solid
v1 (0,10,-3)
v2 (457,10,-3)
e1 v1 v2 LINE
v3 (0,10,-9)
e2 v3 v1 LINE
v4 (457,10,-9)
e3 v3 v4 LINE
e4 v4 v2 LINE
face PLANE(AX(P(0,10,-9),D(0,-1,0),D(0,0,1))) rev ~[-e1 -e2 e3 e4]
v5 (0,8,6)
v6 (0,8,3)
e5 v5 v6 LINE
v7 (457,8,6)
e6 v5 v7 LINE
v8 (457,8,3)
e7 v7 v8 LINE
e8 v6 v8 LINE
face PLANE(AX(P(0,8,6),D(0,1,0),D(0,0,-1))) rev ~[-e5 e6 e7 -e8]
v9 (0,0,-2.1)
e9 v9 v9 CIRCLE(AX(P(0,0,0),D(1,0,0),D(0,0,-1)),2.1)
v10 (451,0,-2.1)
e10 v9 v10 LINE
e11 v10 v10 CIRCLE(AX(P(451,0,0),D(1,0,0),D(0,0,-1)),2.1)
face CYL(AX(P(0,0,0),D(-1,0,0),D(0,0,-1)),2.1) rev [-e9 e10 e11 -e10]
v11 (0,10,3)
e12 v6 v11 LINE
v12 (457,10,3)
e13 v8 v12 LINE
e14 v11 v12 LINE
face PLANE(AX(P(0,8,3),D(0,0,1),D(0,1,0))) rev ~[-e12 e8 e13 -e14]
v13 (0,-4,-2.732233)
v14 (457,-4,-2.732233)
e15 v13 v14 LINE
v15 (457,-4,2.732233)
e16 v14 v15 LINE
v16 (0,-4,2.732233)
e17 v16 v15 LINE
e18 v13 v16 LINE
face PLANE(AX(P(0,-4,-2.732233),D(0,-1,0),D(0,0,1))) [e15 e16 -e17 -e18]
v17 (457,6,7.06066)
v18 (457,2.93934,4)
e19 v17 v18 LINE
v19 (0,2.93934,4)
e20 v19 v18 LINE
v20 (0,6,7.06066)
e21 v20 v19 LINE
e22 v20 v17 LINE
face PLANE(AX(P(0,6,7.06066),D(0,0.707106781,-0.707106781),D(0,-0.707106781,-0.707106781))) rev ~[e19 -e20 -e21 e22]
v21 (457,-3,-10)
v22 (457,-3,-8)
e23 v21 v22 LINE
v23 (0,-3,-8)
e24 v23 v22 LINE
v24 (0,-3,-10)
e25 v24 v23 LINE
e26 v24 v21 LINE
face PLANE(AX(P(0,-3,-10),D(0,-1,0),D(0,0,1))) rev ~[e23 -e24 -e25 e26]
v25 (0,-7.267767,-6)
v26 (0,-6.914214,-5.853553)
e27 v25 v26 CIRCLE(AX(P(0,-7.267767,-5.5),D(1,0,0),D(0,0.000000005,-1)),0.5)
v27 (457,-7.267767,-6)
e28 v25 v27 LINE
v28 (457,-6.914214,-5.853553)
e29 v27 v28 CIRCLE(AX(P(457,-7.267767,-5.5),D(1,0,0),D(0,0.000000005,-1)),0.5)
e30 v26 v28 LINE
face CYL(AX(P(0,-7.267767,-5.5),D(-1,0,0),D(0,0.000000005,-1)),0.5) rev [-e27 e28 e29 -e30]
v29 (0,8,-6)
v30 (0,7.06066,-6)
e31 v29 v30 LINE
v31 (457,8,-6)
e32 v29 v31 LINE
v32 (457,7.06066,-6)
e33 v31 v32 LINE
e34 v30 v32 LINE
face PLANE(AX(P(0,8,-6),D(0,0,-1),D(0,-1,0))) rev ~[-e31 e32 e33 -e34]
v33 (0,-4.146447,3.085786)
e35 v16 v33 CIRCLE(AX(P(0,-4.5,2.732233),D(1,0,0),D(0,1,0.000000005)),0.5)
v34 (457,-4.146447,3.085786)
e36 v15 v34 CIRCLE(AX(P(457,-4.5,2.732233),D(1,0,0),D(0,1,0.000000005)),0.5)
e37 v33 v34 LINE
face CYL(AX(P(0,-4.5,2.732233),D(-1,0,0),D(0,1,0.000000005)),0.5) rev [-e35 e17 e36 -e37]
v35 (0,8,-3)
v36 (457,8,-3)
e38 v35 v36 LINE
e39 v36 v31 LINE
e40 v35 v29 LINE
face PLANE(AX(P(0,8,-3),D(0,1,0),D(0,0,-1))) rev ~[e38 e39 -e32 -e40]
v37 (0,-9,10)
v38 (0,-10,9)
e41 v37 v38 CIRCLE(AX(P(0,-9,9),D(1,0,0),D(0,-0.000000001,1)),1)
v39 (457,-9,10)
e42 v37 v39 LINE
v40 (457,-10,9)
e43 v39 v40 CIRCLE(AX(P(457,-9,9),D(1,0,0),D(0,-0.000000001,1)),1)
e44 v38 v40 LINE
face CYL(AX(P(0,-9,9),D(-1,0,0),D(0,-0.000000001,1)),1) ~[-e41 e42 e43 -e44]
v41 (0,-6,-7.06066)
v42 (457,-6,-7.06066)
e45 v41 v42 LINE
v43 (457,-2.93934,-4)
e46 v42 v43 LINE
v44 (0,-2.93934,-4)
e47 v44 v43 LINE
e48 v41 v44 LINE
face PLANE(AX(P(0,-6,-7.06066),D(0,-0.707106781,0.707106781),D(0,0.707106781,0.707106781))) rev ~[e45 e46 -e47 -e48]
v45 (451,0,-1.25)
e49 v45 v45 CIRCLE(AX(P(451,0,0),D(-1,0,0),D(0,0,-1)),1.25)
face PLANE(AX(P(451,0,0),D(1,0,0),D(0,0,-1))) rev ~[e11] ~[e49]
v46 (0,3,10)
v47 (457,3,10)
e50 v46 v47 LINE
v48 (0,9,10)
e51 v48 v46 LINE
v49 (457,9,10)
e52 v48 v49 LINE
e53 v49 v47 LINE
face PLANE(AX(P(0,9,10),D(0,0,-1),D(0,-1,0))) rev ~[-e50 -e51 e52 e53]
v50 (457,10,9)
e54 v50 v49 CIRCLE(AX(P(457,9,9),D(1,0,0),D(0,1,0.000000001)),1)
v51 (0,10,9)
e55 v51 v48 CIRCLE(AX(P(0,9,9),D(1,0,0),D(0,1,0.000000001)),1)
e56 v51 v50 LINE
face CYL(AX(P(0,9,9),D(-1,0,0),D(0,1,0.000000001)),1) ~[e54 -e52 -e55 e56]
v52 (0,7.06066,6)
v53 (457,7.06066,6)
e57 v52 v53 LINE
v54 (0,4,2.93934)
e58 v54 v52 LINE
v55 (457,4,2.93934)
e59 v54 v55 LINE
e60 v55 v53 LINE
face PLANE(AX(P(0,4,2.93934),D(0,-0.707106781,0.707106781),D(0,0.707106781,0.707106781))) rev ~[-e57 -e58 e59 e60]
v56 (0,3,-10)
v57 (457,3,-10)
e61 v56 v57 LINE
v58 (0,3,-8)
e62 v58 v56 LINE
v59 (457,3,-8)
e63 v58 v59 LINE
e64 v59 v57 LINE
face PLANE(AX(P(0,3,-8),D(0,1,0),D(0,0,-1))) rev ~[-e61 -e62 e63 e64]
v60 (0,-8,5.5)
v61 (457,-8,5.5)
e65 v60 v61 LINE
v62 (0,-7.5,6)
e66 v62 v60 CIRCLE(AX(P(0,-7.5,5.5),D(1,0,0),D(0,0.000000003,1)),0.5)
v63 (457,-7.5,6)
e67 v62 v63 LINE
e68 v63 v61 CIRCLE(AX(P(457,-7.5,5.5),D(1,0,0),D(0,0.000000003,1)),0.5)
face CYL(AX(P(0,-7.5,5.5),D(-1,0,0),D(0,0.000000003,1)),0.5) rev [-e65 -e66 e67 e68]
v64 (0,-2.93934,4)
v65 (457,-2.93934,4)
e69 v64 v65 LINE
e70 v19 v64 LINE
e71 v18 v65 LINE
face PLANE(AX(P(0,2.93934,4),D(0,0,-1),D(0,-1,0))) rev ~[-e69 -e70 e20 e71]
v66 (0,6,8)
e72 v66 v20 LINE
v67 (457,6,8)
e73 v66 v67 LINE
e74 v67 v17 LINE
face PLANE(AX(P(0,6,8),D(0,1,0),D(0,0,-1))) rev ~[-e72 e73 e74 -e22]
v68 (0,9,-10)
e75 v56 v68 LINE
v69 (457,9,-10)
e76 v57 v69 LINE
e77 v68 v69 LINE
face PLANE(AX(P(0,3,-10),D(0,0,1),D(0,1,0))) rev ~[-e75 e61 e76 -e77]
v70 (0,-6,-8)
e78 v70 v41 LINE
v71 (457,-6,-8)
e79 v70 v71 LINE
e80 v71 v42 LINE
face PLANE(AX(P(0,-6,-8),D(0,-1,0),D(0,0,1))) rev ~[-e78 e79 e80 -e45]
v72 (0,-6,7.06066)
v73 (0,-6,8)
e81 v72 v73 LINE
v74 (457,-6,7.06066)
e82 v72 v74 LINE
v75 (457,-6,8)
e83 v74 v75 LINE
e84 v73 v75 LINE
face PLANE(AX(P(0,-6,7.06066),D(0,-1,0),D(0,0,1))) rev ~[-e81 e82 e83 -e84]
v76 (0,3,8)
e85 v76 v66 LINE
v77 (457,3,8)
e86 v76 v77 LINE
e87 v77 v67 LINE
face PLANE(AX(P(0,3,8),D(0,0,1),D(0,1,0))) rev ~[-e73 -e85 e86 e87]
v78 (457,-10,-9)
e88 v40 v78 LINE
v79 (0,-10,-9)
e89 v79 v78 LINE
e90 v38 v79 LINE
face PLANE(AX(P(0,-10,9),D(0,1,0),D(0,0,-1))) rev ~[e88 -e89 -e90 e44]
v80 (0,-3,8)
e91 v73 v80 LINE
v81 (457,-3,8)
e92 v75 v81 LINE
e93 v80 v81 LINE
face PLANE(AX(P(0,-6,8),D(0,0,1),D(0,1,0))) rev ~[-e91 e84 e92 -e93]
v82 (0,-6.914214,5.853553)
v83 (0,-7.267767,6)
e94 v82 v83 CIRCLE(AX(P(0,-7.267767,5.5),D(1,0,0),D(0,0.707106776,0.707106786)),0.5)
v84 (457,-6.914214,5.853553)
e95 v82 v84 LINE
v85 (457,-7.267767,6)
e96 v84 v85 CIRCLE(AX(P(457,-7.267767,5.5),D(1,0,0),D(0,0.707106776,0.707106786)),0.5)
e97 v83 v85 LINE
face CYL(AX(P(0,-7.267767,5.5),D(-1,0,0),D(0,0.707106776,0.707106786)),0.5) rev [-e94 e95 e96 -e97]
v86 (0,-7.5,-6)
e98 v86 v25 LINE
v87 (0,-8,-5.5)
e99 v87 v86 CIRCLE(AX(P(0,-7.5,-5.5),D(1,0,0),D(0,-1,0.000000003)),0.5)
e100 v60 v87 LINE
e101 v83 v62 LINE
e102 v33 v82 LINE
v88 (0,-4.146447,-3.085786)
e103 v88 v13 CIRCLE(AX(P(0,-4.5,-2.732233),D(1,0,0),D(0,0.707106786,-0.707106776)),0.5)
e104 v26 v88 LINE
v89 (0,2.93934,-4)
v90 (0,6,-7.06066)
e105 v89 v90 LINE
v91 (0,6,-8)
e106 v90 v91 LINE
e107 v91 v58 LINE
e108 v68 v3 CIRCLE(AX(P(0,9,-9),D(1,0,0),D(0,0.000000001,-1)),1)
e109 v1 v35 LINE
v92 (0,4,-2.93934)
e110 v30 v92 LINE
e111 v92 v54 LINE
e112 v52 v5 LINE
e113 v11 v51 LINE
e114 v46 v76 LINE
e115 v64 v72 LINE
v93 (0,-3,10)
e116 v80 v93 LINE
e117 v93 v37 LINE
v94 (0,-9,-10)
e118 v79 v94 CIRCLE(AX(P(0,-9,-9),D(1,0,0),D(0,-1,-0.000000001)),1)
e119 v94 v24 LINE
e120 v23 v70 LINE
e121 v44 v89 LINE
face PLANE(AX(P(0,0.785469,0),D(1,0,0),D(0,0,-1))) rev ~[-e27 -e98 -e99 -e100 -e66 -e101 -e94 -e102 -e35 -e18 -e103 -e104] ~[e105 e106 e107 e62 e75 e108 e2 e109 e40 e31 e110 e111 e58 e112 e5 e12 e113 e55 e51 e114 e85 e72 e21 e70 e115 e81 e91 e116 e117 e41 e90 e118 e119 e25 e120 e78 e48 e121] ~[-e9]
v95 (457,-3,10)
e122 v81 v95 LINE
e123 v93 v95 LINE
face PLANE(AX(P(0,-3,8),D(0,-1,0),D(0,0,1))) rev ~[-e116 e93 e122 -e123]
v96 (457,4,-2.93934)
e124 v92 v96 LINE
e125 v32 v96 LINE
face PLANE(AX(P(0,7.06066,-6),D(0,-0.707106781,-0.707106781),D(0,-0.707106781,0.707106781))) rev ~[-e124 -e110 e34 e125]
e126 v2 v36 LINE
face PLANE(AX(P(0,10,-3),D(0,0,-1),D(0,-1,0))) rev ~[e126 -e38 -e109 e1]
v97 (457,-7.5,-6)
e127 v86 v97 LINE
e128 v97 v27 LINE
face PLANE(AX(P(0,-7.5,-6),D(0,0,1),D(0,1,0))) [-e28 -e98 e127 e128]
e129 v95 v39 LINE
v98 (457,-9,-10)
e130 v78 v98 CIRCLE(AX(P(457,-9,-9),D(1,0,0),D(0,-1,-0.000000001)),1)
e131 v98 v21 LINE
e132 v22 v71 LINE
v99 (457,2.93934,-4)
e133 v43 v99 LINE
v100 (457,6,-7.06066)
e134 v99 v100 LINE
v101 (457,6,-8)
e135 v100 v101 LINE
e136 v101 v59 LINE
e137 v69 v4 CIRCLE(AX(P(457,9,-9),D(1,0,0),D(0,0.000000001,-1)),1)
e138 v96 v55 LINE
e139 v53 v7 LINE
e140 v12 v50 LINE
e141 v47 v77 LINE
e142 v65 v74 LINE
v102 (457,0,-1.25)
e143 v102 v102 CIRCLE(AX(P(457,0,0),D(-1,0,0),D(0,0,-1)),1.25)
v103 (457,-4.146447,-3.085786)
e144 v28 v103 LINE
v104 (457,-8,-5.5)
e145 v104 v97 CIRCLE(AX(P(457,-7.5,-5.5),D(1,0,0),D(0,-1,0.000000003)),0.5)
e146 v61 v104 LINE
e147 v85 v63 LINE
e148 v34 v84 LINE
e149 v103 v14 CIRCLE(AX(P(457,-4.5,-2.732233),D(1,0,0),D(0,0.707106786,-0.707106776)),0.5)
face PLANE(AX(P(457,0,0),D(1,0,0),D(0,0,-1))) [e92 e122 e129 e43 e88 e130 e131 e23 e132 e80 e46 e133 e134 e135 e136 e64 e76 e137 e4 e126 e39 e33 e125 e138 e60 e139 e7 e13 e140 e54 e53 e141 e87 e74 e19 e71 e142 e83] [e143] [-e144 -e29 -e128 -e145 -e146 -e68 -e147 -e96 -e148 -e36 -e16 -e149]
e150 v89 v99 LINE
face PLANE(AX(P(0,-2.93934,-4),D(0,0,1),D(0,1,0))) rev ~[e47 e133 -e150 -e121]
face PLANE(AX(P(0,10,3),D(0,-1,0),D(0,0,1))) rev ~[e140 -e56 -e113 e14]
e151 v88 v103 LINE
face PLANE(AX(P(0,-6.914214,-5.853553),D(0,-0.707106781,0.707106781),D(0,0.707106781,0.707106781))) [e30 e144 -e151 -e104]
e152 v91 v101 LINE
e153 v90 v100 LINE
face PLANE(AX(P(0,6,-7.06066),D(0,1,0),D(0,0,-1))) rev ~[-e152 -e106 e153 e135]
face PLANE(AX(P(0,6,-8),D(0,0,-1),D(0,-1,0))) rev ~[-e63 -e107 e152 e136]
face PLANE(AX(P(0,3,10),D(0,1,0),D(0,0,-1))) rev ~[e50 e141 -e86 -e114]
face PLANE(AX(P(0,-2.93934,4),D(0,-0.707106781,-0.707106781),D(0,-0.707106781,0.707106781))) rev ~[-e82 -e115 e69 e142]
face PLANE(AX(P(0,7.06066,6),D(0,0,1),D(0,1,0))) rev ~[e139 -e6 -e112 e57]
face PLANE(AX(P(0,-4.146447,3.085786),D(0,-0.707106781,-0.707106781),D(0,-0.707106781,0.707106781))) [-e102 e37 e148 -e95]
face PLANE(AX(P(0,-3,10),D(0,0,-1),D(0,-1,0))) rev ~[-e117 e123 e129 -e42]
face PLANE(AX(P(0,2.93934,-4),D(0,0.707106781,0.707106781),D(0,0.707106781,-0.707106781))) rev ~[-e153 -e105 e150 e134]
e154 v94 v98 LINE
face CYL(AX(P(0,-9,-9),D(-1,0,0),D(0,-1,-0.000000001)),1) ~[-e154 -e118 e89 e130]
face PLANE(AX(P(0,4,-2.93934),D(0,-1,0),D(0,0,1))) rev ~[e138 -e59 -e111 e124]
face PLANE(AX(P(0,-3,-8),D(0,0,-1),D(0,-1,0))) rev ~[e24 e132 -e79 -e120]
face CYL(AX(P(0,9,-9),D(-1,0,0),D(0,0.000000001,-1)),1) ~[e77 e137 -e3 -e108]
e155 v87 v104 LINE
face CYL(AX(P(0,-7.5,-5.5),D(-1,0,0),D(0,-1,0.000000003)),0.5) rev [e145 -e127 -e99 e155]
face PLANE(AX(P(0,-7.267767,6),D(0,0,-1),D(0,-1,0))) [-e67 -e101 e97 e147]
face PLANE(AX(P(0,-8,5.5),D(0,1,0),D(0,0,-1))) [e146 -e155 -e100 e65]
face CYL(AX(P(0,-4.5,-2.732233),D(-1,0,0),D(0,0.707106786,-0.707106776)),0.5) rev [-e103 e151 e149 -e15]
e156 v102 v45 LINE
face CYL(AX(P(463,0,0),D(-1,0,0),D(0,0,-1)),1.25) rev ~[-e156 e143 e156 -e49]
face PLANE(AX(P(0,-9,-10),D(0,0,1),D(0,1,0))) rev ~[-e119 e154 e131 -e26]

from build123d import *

# Parameters (mm, degrees)
SKETCH1_R           = 2.1
BOSS_EXTRUDE1_DEPTH = 457
SKETCH19_R          = 2.1
BOSS_EXTRUDE7_DEPTH = 6
TAPPED_HOLE6_D      = 2.5
TAPPED_HOLE6_DEPTH  = 6


with BuildPart() as part:
    # Sketch1 → Boss-Extrude1 (new body)
    with BuildSketch(Plane(origin=(0, 0, 0), x_dir=(0, 0, -1), z_dir=(1, 0, 0))):
        with BuildLine():
            Line((-10, 9), (-10, 3))
            Line((-10, 3), (-8, 3))
            Line((-8, 3), (-8, 6))
            Line((-8, 6), (-7.060660172, 6))
            Line((-7.060660172, 6), (-4, 2.939339828))
            Line((-4, 2.939339828), (-4, -2.939339828))
            Line((-4, -2.939339828), (-7.060660172, -6))
            Line((-7.060660172, -6), (-8, -6))
            Line((-8, -6), (-8, -3))
            Line((-8, -3), (-10, -3))
            Line((-10, -3), (-10, -9))
            ThreePointArc((-10, -9), (-9.707106781, -9.707106781), (-9, -10))
            Line((-9, -10), (9, -10))
            ThreePointArc((9, -10), (9.707106781, -9.707106781), (10, -9))
            Line((10, -9), (10, -3))
            Line((10, -3), (8, -3))
            Line((8, -3), (8, -6))
            Line((8, -6), (7.060660172, -6))
            Line((7.060660172, -6), (4, -2.939339828))
            Line((4, -2.939339828), (4, 2.939339828))
            Line((4, 2.939339828), (7.060660172, 6))
            Line((7.060660172, 6), (8, 6))
            Line((8, 6), (8, 3))
            Line((8, 3), (10, 3))
            Line((10, 3), (10, 9))
            ThreePointArc((10, 9), (9.707106781, 9.707106781), (9, 10))
            Line((9, 10), (3, 10))
            Line((3, 10), (3, 8))
            Line((3, 8), (6, 8))
            Line((6, 8), (6, 7.060660172))
            Line((6, 7.060660172), (2.939339828, 4))
            Line((2.939339828, 4), (-2.939339828, 4))
            Line((-2.939339828, 4), (-6, 7.060660172))
            Line((-6, 7.060660172), (-6, 8))
            Line((-6, 8), (-3, 8))
            Line((-3, 8), (-3, 10))
            Line((-3, 10), (-9, 10))
            ThreePointArc((-9, 10), (-9.707106781, 9.707106781), (-10, 9))
        make_face()
        Circle(SKETCH1_R, mode=Mode.SUBTRACT)
        with BuildLine():
            Line((-6, -7.267766953), (-6, -7.5))
            ThreePointArc((-6, -7.5), (-5.853553391, -7.853553391), (-5.5, -8))
            Line((-5.5, -8), (5.5, -8))
            ThreePointArc((5.5, -8), (5.853553391, -7.853553391), (6, -7.5))
            Line((6, -7.5), (6, -7.267766953))
            ThreePointArc((6, -7.267766953), (5.961939766, -7.076425237), (5.853553391, -6.914213562))
            Line((5.853553391, -6.914213562), (3.085786438, -4.146446609))
            ThreePointArc((3.085786438, -4.146446609), (2.923574763, -4.038060234), (2.732233047, -4))
            Line((2.732233047, -4), (-2.732233047, -4))
            ThreePointArc((-2.732233047, -4), (-2.923574763, -4.038060234), (-3.085786438, -4.146446609))
            Line((-3.085786438, -4.146446609), (-5.853553391, -6.914213562))
            ThreePointArc((-5.853553391, -6.914213562), (-5.961939766, -7.076425237), (-6, -7.267766953))
        make_face(mode=Mode.SUBTRACT)
    extrude(amount=BOSS_EXTRUDE1_DEPTH)

    # Sketch19 → Boss-Extrude7 (add)
    with BuildSketch(Plane(origin=(457, 0, 0), x_dir=(0, 0, -1), z_dir=(1, 0, 0))):
        Circle(SKETCH19_R)
    extrude(amount=-BOSS_EXTRUDE7_DEPTH)

    # Tapped Hole6
    with Locations(Plane(origin=(457, 0, -33.955827028), x_dir=(0, 0, 1), z_dir=(1, 0, 0))):
        with Locations((33.955827028, 0)):
            Hole(TAPPED_HOLE6_D / 2, depth=TAPPED_HOLE6_DEPTH)


solid = part.part
